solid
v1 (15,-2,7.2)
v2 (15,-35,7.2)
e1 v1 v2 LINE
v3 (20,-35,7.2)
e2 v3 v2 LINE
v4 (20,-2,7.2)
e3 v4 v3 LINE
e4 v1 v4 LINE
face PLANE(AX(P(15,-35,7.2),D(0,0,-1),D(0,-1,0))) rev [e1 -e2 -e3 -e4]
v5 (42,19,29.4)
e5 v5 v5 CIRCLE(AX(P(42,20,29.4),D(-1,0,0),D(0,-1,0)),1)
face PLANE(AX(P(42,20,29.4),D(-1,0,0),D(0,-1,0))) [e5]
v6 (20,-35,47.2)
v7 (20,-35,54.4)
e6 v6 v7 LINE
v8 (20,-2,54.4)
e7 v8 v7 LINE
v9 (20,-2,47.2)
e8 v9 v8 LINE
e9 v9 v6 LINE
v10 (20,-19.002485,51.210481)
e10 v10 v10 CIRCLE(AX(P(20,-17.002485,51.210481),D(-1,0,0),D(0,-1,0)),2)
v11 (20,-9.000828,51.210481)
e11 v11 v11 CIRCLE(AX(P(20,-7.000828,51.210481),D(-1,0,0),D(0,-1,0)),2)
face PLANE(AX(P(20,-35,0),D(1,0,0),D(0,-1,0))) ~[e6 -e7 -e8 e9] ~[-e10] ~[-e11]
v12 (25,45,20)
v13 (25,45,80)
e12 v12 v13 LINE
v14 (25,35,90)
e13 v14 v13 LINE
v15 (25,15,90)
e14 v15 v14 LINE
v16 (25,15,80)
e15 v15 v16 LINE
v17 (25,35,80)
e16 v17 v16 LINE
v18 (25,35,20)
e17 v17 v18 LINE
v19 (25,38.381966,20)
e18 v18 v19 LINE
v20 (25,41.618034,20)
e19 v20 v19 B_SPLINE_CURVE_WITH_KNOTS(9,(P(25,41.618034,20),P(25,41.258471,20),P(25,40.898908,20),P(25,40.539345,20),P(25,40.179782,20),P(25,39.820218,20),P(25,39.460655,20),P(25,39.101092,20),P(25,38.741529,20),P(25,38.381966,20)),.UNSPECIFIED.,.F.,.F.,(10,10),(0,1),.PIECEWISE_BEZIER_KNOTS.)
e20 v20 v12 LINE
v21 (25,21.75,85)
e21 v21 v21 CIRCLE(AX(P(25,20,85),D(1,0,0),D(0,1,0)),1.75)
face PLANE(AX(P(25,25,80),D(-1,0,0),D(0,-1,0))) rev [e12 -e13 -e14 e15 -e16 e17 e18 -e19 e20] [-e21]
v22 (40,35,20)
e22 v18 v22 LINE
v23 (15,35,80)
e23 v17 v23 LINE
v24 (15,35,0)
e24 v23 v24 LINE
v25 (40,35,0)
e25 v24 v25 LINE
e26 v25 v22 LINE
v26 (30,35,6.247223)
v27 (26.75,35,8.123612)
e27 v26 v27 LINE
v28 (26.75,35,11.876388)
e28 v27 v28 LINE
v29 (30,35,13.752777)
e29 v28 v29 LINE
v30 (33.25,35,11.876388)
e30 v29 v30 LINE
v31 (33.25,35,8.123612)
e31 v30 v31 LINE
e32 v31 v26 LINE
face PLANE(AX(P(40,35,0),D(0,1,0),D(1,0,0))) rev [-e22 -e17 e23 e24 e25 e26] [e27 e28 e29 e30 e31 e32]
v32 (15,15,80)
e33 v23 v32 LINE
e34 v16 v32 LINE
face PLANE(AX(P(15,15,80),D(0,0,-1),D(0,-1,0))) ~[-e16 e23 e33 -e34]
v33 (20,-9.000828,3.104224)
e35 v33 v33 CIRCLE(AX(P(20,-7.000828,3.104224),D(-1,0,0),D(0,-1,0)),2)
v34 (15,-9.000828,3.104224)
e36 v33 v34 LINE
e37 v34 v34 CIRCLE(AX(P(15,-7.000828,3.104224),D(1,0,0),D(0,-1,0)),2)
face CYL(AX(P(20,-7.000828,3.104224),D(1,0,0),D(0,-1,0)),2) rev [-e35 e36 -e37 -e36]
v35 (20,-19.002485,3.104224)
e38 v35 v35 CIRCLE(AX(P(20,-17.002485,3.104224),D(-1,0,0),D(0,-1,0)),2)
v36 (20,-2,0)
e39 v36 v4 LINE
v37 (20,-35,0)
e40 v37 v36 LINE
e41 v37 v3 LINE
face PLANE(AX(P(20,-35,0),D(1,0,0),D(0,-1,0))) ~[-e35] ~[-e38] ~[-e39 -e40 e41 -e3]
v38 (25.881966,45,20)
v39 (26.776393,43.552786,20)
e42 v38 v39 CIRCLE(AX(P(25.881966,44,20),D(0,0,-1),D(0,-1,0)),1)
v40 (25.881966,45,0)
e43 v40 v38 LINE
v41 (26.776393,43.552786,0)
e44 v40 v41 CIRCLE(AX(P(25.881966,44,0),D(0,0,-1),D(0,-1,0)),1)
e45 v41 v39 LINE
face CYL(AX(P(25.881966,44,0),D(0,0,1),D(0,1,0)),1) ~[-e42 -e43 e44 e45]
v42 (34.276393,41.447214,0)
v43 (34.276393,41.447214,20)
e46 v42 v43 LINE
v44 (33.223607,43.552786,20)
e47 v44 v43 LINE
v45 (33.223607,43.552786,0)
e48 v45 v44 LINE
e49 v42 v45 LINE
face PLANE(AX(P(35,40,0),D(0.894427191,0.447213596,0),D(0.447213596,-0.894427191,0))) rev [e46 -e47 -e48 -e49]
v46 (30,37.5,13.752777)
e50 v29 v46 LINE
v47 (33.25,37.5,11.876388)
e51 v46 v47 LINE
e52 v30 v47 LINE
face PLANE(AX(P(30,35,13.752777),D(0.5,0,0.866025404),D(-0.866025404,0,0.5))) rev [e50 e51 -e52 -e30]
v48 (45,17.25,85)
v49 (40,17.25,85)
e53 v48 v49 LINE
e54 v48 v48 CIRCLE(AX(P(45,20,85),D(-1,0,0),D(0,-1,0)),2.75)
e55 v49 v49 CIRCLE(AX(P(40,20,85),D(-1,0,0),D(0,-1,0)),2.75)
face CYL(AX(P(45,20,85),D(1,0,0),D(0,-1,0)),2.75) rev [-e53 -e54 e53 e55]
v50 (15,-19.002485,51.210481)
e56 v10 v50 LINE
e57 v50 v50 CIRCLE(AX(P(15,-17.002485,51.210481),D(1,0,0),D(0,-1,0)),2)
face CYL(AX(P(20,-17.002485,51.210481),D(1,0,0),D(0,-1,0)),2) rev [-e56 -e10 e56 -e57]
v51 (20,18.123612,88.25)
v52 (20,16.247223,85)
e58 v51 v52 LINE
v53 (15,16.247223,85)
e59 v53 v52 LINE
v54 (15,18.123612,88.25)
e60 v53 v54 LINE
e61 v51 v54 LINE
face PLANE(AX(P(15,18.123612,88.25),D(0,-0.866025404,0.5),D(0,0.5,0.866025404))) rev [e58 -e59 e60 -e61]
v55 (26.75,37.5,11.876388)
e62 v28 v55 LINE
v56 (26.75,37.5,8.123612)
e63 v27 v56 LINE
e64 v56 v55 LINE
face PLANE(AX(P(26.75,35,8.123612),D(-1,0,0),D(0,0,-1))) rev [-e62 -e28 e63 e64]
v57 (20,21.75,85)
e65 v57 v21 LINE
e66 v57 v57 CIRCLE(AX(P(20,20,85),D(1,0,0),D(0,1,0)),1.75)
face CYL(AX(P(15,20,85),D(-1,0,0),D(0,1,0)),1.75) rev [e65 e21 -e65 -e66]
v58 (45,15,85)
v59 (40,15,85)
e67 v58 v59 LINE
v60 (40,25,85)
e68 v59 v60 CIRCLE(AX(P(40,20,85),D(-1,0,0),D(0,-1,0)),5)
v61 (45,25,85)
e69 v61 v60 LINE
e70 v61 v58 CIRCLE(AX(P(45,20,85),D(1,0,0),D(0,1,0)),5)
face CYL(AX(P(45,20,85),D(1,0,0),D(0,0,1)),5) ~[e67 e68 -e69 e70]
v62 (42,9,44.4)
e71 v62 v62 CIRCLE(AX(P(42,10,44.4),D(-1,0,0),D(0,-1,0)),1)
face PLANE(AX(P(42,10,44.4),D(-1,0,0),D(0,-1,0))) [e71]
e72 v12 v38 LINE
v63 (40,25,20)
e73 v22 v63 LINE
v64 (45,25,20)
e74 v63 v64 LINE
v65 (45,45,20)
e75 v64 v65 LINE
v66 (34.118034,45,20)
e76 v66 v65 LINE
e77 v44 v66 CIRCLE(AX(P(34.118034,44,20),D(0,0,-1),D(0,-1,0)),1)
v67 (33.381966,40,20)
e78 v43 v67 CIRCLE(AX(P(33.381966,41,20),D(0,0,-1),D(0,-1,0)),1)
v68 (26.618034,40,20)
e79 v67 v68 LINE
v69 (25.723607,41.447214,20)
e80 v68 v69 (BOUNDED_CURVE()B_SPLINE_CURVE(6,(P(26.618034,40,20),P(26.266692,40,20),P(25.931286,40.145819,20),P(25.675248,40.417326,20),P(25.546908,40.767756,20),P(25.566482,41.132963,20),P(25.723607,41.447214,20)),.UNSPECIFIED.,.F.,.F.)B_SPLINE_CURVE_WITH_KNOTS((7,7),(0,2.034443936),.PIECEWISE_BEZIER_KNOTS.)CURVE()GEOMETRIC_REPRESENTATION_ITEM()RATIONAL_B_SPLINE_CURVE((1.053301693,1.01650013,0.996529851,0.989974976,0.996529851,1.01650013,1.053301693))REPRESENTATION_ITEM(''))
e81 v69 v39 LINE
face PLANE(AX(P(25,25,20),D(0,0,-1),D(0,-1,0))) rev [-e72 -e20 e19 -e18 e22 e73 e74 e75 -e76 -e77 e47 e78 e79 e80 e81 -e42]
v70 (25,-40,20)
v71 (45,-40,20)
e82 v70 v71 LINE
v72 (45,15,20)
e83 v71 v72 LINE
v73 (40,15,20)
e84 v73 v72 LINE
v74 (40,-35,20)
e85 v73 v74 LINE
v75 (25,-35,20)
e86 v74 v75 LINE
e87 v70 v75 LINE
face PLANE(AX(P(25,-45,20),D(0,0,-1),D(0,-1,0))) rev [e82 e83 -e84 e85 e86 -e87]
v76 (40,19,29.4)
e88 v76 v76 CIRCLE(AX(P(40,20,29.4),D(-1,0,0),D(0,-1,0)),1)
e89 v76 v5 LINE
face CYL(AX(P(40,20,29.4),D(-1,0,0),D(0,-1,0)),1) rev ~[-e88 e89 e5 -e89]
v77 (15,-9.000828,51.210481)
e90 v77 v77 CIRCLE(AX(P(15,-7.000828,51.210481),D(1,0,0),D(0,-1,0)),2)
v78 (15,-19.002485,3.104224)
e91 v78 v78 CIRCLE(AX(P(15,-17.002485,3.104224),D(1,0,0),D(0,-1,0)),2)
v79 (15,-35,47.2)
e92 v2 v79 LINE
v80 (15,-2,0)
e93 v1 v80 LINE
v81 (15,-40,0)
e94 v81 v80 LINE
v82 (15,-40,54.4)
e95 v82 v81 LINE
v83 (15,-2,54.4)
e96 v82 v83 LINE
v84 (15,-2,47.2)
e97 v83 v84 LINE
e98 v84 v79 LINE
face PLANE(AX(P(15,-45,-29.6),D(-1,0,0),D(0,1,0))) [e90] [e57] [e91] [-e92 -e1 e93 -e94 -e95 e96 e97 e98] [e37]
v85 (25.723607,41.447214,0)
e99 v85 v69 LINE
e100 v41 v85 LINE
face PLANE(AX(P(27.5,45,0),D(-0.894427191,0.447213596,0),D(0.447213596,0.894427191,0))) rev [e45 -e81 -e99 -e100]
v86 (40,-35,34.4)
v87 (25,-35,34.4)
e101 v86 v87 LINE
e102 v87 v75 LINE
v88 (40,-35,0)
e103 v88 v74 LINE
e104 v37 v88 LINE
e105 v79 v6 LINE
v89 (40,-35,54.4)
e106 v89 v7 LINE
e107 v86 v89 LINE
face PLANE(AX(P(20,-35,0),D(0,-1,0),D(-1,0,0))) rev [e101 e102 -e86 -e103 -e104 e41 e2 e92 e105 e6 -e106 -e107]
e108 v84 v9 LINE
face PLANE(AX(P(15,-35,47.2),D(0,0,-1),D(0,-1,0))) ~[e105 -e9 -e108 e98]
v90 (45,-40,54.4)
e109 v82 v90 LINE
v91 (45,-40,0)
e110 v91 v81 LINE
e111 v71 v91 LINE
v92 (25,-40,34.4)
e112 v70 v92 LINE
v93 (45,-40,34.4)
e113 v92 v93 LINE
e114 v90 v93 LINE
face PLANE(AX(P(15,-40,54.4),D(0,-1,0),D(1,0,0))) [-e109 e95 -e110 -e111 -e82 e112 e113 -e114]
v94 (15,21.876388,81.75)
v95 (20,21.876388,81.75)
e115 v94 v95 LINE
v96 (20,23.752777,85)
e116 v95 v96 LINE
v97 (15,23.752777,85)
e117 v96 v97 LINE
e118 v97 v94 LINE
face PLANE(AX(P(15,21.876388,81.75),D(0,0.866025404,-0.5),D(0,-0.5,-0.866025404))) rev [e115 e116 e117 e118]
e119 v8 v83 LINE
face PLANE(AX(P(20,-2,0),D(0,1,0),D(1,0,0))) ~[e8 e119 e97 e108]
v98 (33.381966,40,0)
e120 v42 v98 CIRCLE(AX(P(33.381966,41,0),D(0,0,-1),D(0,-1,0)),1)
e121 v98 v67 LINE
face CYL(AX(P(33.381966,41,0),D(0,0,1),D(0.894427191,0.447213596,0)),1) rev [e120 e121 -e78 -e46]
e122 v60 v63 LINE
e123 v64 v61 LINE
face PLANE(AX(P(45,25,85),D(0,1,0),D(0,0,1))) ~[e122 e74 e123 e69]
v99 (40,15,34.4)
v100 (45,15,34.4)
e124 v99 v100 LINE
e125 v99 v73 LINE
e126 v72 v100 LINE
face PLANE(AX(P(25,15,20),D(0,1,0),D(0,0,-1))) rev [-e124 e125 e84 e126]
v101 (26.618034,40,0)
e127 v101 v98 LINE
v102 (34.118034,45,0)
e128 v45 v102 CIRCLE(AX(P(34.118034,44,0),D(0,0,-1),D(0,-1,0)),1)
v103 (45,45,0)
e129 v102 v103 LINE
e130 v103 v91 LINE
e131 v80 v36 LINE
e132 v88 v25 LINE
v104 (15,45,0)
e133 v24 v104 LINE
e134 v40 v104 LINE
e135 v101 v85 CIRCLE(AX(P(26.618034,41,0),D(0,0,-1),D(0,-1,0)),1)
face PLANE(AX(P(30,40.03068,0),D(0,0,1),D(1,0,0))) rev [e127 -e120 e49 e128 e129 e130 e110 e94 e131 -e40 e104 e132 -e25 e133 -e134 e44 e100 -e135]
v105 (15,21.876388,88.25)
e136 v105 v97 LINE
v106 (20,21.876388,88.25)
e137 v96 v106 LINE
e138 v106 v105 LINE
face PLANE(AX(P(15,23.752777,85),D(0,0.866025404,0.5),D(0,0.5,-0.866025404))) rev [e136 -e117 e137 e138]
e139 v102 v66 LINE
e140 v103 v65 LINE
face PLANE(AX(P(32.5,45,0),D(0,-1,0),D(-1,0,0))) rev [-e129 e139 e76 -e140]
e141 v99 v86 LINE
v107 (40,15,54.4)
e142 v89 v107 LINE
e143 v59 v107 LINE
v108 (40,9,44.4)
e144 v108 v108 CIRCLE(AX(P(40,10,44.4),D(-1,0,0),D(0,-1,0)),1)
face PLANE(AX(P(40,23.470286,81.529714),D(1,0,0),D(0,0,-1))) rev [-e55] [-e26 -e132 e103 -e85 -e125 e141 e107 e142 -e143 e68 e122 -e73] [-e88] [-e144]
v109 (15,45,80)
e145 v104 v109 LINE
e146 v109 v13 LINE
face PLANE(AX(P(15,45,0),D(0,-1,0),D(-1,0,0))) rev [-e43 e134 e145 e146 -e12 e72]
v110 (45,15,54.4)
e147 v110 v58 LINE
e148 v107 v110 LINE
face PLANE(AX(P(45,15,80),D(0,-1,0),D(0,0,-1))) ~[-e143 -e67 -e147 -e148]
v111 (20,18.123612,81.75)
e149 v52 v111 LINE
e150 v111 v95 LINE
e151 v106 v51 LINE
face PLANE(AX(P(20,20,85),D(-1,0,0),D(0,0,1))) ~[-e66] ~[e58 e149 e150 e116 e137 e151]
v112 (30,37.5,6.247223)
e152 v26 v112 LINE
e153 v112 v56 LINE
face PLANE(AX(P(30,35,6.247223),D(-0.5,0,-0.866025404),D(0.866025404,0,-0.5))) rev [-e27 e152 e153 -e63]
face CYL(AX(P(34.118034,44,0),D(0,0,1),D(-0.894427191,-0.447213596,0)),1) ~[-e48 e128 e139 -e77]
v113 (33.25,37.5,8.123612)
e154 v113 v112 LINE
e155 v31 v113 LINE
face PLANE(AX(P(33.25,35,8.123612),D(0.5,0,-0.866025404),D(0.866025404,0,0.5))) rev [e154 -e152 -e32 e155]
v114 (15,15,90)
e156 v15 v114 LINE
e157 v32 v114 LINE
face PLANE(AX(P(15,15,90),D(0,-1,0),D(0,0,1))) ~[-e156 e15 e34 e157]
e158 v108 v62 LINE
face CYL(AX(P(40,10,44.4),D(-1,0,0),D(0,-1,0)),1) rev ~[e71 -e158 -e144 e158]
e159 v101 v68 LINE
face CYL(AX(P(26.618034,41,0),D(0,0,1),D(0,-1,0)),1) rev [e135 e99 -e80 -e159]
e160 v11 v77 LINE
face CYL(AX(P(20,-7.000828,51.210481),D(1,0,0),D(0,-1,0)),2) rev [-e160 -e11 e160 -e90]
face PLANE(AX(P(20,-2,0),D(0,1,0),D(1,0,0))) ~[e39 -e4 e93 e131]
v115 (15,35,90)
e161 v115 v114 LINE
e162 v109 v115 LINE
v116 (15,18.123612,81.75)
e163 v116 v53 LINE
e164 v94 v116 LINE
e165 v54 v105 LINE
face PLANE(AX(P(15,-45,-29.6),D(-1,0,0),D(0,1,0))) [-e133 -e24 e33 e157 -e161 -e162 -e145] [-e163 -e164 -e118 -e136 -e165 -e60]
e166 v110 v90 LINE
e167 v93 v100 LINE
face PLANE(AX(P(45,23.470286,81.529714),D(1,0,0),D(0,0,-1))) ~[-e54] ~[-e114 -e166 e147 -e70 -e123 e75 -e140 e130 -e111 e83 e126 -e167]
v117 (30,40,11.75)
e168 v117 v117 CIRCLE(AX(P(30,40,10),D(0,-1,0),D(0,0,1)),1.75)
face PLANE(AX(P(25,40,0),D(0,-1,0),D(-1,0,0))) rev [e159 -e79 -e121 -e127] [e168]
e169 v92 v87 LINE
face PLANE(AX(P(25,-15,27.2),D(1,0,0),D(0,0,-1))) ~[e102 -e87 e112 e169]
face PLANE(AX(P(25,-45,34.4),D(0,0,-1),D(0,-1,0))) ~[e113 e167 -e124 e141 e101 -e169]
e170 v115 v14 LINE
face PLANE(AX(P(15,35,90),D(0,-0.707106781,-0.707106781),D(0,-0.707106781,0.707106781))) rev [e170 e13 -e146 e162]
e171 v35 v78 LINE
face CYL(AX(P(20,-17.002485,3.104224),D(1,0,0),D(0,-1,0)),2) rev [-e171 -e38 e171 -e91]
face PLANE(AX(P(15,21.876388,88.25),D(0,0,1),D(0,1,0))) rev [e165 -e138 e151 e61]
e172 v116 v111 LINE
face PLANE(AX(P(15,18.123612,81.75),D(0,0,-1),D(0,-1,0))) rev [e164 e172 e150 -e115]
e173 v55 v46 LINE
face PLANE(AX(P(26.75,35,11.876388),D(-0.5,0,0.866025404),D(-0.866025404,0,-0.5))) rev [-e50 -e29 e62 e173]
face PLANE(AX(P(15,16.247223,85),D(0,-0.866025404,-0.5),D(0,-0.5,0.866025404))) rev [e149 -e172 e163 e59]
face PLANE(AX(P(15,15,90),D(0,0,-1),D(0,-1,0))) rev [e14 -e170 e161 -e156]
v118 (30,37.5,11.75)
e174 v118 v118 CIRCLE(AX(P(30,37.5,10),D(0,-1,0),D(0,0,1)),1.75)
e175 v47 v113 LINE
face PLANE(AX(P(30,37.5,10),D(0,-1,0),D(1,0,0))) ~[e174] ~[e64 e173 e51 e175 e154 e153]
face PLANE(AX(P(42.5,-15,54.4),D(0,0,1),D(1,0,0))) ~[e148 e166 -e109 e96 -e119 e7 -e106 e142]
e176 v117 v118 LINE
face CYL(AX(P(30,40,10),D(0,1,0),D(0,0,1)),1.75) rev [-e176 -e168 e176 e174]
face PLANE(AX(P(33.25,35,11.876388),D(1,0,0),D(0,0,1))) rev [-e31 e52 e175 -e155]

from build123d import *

# Parameters (mm, degrees)
ESBO_O1_W                   = 5
ESBO_O1_H                   = 33
RESSALTO_EXTRUS_O1_DEPTH    = 80
ESBO_O2_W                   = 40
ESBO_O2_H                   = 33
ESBO_O2_W_2                 = 25.6
CORTE_EXTRUS_O1_DEPTH       = 19
ESBO_O4_R                   = 2
CORTE_EXTRUS_O3_DEPTH       = 12
ESBO_O5_W                   = 10
ESBO_O5_H                   = 20
RESSALTO_EXTRUS_O2_DEPTH    = 10
ESBO_O6_R                   = 1.75
CORTE_EXTRUS_O4_DEPTH       = 15
CORTE_EXTRUS_O5_DEPTH       = 5
ESBO_O8_R                   = 5
ESBO_O8_R_2                 = 2.75
RESSALTO_EXTRUS_O3_DEPTH    = 5
ESBO_O9_W                   = 20
ESBO_O9_H                   = 20
ESBO_O9_W_2                 = 25
ESBO_O9_H_2                 = 10
CORTE_EXTRUS_O6_DEPTH       = 25.6
CORTE_EXTRUS_O7_START       = -20
ESBO_O11_W                  = 34.4
ESBO_O11_H                  = 20
ESBO_O11_W_2                = 14.4
ESBO_O11_H_2                = 60
CORTE_EXTRUS_O7_DEPTH       = 20
ESBO_O12_R                  = 1.75
CORTE_EXTRUS_O8_DEPTH       = 25
CORTE_EXTRUS_O9_DEPTH       = 2.5
FILETE1_R                   = 1
FILETE2_R                   = 1
CORTE_EXTRUS_O10_DEPTH      = 74
CORTE_EXTRUS_O10_DEPTH_BACK = 84
ESBO_O14_W                  = 30
ESBO_O14_H                  = 90
ESBO_O15_W                  = 30
ESBO_O15_H                  = 5
CORTE_EXTRUS_O11_DEPTH      = 120
ESBO_O16_R                  = 1
CORTE_EXTRUS_O12_DEPTH      = 2


with BuildPart() as part:
    # Esboço1 → Ressalto-extrusão1 (new body)
    with BuildSketch(Plane.XY):
        Polygon((-2.5, 45), (-15, 45), (-15, 35), (-10, 35), (15, 35), (15, 45), (2.5, 45), (5, 40), (-5, 40), align=None)
        Polygon((-10, 35), (-15, 35), (-15, -45), (-10, -45), (-10, -35), align=None)
        Polygon((-10, -35), (-10, -45), (15, -45), (15, -35), (10, -35), align=None)
        with Locations((12.5, -18.5)):
            Rectangle(ESBO_O1_W, ESBO_O1_H)
    extrude(amount=RESSALTO_EXTRUS_O1_DEPTH)

    # Esboço2 → Corte-extrusão1 (cut)
    with BuildSketch(Plane(origin=(15, 0, 0), x_dir=(0, 0, -1), z_dir=(1, 0, 0))):
        with Locations((-27.2, -18.5)):
            Rectangle(ESBO_O2_W, ESBO_O2_H)
        with Locations((-67.2, -18.5)):
            Rectangle(ESBO_O2_W_2, ESBO_O2_H)
    extrude(amount=-CORTE_EXTRUS_O1_DEPTH, mode=Mode.SUBTRACT)

    # Esboço4 → Corte-extrusão3 (cut)
    with BuildSketch(Plane.ZY.offset(-10)):
        with Locations(Location((3.104223841, -7.000828192, 0), (0, 0, 270))):
            Circle(ESBO_O4_R)
        with Locations(Location((3.104223841, -17.002484575, 0), (0, 0, 270))):
            Circle(ESBO_O4_R)
        with Locations(Location((51.210481376, -17.002484575, 0), (0, 0, 270))):
            Circle(ESBO_O4_R)
        with Locations(Location((51.210481376, -7.000828192, 0), (0, 0, 270))):
            Circle(ESBO_O4_R)
    extrude(amount=-CORTE_EXTRUS_O3_DEPTH, mode=Mode.SUBTRACT)

    # Esboço5 → Ressalto-extrusão2 (add)
    with BuildSketch(Plane(origin=(15, 0, 0), x_dir=(0, 0, -1), z_dir=(1, 0, 0))):
        with Locations((-85, 25)):
            Rectangle(ESBO_O5_W, ESBO_O5_H)
        Polygon((-90, 35), (-80, 45), (-80, 35), align=None)
    extrude(amount=-RESSALTO_EXTRUS_O2_DEPTH)

    # Esboço6 → Corte-extrusão4 (cut)
    with BuildSketch(Plane(origin=(15, 0, 0), x_dir=(0, 0, -1), z_dir=(1, 0, 0))):
        with Locations(Location((-85, 20, 0), (0, 0, 90))):
            Circle(ESBO_O6_R)
    extrude(amount=-CORTE_EXTRUS_O4_DEPTH, mode=Mode.SUBTRACT)

    # Esboço7 → Corte-extrusão5 (cut)
    with BuildSketch(Plane(origin=(15, 0, 0), x_dir=(0, 0, -1), z_dir=(1, 0, 0))):
        Polygon((-81.75, 21.876388375), (-85, 23.75277675), (-88.25, 21.876388375), (-88.25, 18.123611625), (-85, 16.24722325), (-81.75, 18.123611625), align=None)
    extrude(amount=-CORTE_EXTRUS_O5_DEPTH, mode=Mode.SUBTRACT)

    # Esboço8 → Ressalto-extrusão3 (add)
    # profile 1 of 3: a face of its own
    with BuildSketch(Plane.ZY.offset(15)):
        with BuildLine():
            Line((80, 25), (80, 20.00000004))
            ThreePointArc((80, 20.00000004), (81.464466108, 23.53553392), (85, 25))
            Line((85, 25), (80, 25))
        make_face()
    # profile 2 of 3: a face of its own
    with BuildSketch(Plane.ZY.offset(15)):
        with Locations((85, 20)):
            Circle(ESBO_O8_R)
        with Locations(Location((85, 20, 0), (0, 0, 270))):
            Circle(ESBO_O8_R_2, mode=Mode.SUBTRACT)
    # profile 3 of 3: a face of its own
    with BuildSketch(Plane.ZY.offset(15)):
        with BuildLine():
            Line((80, 15), (85, 15))
            ThreePointArc((85, 15), (81.46446608, 16.464466108), (80, 20.00000004))
            Line((80, 20.00000004), (80, 15))
        make_face()
    extrude(amount=-RESSALTO_EXTRUS_O3_DEPTH)

    # Esboço9 → Corte-extrusão6 (cut)
    with BuildSketch(Plane.XY.offset(80)):
        with Locations((-5, 35)):
            Rectangle(ESBO_O9_W, ESBO_O9_H)
        Polygon((-15, 15), (-15, -45), (-10, -45), (-10, -35), (-10, 15), align=None)
        with Locations((2.5, -40)):
            Rectangle(ESBO_O9_W_2, ESBO_O9_H_2)
    extrude(amount=-CORTE_EXTRUS_O6_DEPTH, mode=Mode.SUBTRACT)

    # Esboço11 → Corte-extrusão7 (cut)
    with BuildSketch(Plane.ZY.offset(15).offset(CORTE_EXTRUS_O7_START)):
        with Locations((37.2, 35)):
            Rectangle(ESBO_O11_W, ESBO_O11_H)
        with Locations((27.2, -15)):
            Rectangle(ESBO_O11_W_2, ESBO_O11_H_2)
    extrude(amount=CORTE_EXTRUS_O7_DEPTH, mode=Mode.SUBTRACT)

    # Esboço12 → Corte-extrusão8 (cut)
    with BuildSketch(Plane(origin=(0, 40, 0), x_dir=(1, 0, 0), z_dir=(0, 1, 0))):
        with Locations(Location((0, -10, 0), (0, 0, 270))):
            Circle(ESBO_O12_R)
    extrude(amount=-CORTE_EXTRUS_O8_DEPTH, mode=Mode.SUBTRACT)

    # Esboço13 → Corte-extrusão9 (cut)
    with BuildSketch(Plane.XZ.offset(-35)):
        Polygon((0, 6.24722325), (3.25, 8.123611625), (3.25, 11.876388375), (0, 13.75277675), (-3.25, 11.876388375), (-3.25, 8.123611625), align=None)
    extrude(amount=-CORTE_EXTRUS_O9_DEPTH, mode=Mode.SUBTRACT)

    # Filete1
    filete1_edges = [part.edges().sort_by_distance(p)[0] for p in [
        (2.5, 45, 10),
        (-2.5, 45, 10),
    ]]
    fillet(filete1_edges, radius=FILETE1_R)

    # Filete2
    filete2_edges = [part.edges().sort_by_distance(p)[0] for p in [
        (-5, 40, 10),
        (5, 40, 10),
    ]]
    fillet(filete2_edges, radius=FILETE2_R)

    # Espelhar1: part across plane


with BuildPart() as part_1:
    add(part.part)
    add(part.part.mirror(Plane(origin=(15, 0, 80), x_dir=(0, 0, 1), z_dir=(1, 0, 0))))

    # Esboço14 → Corte-extrusão10 (cut, two sides: drawn at the far end of the back side and taken through both)
    with BuildSketch(Plane.XY.offset(54.4).offset(-CORTE_EXTRUS_O10_DEPTH_BACK)):
        Rectangle(ESBO_O14_W, ESBO_O14_H)
    extrude(amount=CORTE_EXTRUS_O10_DEPTH + CORTE_EXTRUS_O10_DEPTH_BACK, mode=Mode.SUBTRACT)

    # Esboço15 → Corte-extrusão11 (cut)
    with BuildSketch(Plane.XY.offset(54.4)):
        with Locations((30, -42.5)):
            Rectangle(ESBO_O15_W, ESBO_O15_H)
    extrude(amount=-CORTE_EXTRUS_O11_DEPTH, mode=Mode.SUBTRACT)

    # Esboço16 → Corte-extrusão12 (cut)
    with BuildSketch(Plane.ZY.offset(-40)):
        with Locations(Location((29.4, 20, 0), (0, 0, 270))):
            Circle(ESBO_O16_R)
        with Locations(Location((44.4, 10, 0), (0, 0, 270))):
            Circle(ESBO_O16_R)
    extrude(amount=-CORTE_EXTRUS_O12_DEPTH, mode=Mode.SUBTRACT)


solid = part_1.part
